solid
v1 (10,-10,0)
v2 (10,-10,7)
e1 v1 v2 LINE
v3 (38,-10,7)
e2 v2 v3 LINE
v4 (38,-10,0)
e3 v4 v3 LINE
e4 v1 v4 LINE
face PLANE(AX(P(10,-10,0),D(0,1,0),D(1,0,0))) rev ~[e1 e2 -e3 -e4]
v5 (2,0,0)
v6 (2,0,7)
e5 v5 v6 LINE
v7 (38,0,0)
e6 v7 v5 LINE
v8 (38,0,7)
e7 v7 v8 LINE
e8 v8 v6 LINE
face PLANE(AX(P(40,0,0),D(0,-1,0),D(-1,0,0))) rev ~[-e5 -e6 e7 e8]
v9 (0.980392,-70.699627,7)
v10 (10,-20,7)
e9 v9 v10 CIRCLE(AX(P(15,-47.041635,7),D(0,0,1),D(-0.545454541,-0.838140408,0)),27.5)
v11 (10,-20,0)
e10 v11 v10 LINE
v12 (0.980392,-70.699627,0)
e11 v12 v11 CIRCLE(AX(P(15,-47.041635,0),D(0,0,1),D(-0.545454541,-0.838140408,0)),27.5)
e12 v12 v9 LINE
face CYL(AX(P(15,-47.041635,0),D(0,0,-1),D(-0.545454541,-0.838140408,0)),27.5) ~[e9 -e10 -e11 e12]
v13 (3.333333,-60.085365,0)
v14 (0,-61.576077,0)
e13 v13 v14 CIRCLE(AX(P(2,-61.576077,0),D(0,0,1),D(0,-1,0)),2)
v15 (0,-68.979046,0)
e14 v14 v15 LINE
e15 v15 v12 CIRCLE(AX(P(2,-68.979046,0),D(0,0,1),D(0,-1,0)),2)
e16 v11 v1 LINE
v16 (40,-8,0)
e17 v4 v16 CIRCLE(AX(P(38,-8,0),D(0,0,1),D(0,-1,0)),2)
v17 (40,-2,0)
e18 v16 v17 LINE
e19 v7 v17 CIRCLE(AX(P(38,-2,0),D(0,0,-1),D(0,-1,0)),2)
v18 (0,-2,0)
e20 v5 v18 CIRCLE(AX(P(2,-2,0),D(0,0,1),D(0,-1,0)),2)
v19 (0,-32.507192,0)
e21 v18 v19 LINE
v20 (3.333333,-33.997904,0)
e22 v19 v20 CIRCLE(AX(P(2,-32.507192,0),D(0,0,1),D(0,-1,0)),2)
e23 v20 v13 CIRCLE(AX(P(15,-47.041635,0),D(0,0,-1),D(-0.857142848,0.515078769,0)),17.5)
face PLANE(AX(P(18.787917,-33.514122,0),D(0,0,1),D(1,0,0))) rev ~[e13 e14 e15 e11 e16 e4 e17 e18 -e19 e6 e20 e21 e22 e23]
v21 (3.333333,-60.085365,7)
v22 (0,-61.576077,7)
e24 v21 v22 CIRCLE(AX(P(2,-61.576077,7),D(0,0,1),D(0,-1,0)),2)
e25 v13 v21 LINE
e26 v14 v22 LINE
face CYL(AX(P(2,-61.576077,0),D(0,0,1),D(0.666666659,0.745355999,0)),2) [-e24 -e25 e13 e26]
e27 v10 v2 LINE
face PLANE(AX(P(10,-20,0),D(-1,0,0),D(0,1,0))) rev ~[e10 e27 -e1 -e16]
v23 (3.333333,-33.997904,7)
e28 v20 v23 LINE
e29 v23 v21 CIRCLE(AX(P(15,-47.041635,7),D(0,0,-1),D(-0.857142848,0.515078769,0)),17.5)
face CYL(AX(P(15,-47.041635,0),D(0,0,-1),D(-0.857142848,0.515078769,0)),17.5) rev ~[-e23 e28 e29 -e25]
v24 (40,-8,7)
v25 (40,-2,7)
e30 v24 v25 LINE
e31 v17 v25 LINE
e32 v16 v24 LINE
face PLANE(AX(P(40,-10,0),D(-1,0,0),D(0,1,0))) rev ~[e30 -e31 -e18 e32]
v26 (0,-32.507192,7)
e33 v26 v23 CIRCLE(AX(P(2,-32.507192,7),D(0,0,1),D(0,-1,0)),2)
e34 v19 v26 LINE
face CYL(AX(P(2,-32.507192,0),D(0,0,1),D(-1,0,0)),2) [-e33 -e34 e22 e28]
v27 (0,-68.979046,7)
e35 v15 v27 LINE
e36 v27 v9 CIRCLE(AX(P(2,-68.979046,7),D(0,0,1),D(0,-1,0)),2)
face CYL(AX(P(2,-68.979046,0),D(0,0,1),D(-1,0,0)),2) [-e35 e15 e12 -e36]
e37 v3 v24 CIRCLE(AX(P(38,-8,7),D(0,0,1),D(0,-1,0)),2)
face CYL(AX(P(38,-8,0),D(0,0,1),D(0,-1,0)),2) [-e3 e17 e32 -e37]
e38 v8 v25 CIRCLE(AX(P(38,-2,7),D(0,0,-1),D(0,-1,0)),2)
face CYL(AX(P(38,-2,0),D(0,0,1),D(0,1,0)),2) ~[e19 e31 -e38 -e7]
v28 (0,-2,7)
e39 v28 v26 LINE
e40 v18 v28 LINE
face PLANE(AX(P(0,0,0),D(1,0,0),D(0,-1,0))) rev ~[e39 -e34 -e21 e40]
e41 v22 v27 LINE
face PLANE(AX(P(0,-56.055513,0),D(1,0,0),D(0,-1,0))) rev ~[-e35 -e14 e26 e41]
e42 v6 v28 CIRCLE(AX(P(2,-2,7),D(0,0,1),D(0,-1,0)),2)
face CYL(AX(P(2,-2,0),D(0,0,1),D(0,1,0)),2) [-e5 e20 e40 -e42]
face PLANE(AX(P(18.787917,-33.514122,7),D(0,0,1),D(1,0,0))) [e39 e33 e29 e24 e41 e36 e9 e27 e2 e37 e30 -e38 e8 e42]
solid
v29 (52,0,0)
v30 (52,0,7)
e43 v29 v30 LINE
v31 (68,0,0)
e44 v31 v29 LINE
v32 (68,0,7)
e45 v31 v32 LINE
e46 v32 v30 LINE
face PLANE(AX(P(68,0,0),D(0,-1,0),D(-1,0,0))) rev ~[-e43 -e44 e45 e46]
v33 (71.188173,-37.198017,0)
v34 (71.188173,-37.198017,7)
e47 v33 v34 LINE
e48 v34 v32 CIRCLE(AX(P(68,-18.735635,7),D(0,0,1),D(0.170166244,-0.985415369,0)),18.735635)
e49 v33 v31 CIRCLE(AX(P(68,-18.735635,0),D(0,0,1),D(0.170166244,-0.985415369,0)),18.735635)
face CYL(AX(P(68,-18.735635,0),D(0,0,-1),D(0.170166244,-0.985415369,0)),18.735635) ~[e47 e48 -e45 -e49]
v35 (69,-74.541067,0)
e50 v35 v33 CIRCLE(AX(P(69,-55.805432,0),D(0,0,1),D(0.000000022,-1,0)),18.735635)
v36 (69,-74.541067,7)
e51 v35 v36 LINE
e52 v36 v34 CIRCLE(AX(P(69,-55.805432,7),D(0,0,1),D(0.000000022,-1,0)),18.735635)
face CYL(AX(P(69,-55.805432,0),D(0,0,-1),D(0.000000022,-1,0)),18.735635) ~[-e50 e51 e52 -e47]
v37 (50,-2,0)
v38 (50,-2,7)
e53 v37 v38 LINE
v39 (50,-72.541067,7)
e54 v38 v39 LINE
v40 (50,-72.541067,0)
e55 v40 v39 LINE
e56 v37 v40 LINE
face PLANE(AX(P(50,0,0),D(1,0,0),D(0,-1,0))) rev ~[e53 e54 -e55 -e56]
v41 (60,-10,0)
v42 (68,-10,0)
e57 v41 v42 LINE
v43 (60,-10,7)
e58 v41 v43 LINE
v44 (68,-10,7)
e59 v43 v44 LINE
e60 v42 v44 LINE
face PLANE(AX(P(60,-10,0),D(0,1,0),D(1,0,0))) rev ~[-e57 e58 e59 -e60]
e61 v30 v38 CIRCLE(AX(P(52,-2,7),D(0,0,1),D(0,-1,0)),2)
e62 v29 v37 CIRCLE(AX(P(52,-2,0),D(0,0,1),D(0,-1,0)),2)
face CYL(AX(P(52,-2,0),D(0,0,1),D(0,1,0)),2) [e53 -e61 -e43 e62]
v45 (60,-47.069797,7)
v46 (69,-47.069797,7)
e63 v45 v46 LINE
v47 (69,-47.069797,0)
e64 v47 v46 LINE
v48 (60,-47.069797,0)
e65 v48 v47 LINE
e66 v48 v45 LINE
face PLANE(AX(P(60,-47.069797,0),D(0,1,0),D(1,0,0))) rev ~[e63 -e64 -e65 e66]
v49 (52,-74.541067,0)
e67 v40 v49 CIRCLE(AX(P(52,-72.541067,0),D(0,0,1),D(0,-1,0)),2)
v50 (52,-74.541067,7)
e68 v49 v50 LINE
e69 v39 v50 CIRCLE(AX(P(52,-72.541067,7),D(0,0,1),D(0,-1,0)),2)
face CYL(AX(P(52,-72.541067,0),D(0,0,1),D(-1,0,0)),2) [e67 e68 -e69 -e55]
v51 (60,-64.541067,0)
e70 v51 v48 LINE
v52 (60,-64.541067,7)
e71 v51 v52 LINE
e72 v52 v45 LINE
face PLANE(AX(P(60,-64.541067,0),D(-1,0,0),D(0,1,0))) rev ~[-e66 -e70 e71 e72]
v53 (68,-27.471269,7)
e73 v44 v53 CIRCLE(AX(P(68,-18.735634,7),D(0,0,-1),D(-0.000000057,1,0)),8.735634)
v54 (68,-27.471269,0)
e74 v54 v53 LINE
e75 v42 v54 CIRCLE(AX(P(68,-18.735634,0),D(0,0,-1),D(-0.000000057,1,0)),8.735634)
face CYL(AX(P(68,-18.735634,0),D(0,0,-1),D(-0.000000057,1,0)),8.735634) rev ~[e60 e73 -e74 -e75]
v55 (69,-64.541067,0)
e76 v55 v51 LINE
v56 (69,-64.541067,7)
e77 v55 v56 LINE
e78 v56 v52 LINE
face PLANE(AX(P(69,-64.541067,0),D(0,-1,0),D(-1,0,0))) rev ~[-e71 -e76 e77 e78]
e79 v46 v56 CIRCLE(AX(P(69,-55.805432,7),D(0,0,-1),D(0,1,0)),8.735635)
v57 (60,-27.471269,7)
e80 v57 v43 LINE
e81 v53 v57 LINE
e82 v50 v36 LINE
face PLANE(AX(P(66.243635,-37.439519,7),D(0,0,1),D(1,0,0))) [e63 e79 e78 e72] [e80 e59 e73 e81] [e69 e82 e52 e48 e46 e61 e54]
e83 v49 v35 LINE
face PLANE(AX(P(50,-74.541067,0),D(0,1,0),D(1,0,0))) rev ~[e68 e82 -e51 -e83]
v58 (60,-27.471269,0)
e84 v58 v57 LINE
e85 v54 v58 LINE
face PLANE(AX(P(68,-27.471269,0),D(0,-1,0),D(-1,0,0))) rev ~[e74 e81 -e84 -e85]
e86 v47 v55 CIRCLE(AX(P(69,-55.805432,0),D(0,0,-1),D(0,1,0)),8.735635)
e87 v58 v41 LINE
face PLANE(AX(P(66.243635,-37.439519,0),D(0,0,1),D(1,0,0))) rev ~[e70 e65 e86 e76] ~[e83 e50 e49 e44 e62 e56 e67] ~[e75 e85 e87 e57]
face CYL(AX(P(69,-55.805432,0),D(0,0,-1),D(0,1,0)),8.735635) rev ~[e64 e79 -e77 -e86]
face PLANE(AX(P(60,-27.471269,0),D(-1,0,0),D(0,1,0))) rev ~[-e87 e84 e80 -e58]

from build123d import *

# Parameters (mm, degrees)
F1_DEPTH = 7
F2_R     = 2


with BuildPart() as f1:
    # F0 (on Top) → F1 (new body)
    with BuildSketch(Plane.XY):
        with BuildLine():
            Line((40, 0), (0, 0))
            Line((0, 0), (0, -38.027756))
            ThreePointArc((0, -38.027756), (32.5, -47.041635), (0, -56.055513))
            Line((0, -56.055513), (0, -70.090496))
            ThreePointArc((0, -70.090496), (41.967841, -52.425458), (10, -20))
            Line((10, -20), (10, -10))
            Line((10, -10), (40, -10))
            Line((40, -10), (40, 0))
        make_face()
        with BuildLine():
            Line((68, 0), (50, 0))
            Line((50, 0), (50, -74.541067))
            Line((50, -74.541067), (69, -74.541067))
            ThreePointArc((69, -74.541067), (87.703552, -56.901395), (71.188173, -37.198017))
            ThreePointArc((71.188173, -37.198017), (86.667197, -17.135704), (68, 0))
        make_face()
        with BuildLine():
            Line((60, -64.541067), (60, -47.069797))
            Line((60, -47.069797), (69, -47.069797))
            ThreePointArc((69, -47.069797), (77.735635, -55.805432), (69, -64.541067))
            Line((69, -64.541067), (60, -64.541067))
        make_face(mode=Mode.SUBTRACT)
        with BuildLine():
            Line((60, -27.471269), (60, -10))
            Line((60, -10), (68, -10))
            ThreePointArc((68, -10), (76.735635, -18.735635), (68, -27.471269))
            Line((68, -27.471269), (60, -27.471269))
        make_face(mode=Mode.SUBTRACT)
    extrude(amount=F1_DEPTH)

    # F2
    f2_edges = [f1.edges().sort_by_distance(p)[0] for p in [
        (0, -70.090496, 3.5),
        (0, -56.055513, 3.5),
        (0, -38.027756, 3.5),
        (0, 0, 3.5),
        (40, 0, 3.5),
        (40, -10, 3.5),
        (50, -74.541067, 3.5),
        (50, 0, 3.5),
    ]]
    fillet(f2_edges, radius=F2_R)


solid = f1.part
